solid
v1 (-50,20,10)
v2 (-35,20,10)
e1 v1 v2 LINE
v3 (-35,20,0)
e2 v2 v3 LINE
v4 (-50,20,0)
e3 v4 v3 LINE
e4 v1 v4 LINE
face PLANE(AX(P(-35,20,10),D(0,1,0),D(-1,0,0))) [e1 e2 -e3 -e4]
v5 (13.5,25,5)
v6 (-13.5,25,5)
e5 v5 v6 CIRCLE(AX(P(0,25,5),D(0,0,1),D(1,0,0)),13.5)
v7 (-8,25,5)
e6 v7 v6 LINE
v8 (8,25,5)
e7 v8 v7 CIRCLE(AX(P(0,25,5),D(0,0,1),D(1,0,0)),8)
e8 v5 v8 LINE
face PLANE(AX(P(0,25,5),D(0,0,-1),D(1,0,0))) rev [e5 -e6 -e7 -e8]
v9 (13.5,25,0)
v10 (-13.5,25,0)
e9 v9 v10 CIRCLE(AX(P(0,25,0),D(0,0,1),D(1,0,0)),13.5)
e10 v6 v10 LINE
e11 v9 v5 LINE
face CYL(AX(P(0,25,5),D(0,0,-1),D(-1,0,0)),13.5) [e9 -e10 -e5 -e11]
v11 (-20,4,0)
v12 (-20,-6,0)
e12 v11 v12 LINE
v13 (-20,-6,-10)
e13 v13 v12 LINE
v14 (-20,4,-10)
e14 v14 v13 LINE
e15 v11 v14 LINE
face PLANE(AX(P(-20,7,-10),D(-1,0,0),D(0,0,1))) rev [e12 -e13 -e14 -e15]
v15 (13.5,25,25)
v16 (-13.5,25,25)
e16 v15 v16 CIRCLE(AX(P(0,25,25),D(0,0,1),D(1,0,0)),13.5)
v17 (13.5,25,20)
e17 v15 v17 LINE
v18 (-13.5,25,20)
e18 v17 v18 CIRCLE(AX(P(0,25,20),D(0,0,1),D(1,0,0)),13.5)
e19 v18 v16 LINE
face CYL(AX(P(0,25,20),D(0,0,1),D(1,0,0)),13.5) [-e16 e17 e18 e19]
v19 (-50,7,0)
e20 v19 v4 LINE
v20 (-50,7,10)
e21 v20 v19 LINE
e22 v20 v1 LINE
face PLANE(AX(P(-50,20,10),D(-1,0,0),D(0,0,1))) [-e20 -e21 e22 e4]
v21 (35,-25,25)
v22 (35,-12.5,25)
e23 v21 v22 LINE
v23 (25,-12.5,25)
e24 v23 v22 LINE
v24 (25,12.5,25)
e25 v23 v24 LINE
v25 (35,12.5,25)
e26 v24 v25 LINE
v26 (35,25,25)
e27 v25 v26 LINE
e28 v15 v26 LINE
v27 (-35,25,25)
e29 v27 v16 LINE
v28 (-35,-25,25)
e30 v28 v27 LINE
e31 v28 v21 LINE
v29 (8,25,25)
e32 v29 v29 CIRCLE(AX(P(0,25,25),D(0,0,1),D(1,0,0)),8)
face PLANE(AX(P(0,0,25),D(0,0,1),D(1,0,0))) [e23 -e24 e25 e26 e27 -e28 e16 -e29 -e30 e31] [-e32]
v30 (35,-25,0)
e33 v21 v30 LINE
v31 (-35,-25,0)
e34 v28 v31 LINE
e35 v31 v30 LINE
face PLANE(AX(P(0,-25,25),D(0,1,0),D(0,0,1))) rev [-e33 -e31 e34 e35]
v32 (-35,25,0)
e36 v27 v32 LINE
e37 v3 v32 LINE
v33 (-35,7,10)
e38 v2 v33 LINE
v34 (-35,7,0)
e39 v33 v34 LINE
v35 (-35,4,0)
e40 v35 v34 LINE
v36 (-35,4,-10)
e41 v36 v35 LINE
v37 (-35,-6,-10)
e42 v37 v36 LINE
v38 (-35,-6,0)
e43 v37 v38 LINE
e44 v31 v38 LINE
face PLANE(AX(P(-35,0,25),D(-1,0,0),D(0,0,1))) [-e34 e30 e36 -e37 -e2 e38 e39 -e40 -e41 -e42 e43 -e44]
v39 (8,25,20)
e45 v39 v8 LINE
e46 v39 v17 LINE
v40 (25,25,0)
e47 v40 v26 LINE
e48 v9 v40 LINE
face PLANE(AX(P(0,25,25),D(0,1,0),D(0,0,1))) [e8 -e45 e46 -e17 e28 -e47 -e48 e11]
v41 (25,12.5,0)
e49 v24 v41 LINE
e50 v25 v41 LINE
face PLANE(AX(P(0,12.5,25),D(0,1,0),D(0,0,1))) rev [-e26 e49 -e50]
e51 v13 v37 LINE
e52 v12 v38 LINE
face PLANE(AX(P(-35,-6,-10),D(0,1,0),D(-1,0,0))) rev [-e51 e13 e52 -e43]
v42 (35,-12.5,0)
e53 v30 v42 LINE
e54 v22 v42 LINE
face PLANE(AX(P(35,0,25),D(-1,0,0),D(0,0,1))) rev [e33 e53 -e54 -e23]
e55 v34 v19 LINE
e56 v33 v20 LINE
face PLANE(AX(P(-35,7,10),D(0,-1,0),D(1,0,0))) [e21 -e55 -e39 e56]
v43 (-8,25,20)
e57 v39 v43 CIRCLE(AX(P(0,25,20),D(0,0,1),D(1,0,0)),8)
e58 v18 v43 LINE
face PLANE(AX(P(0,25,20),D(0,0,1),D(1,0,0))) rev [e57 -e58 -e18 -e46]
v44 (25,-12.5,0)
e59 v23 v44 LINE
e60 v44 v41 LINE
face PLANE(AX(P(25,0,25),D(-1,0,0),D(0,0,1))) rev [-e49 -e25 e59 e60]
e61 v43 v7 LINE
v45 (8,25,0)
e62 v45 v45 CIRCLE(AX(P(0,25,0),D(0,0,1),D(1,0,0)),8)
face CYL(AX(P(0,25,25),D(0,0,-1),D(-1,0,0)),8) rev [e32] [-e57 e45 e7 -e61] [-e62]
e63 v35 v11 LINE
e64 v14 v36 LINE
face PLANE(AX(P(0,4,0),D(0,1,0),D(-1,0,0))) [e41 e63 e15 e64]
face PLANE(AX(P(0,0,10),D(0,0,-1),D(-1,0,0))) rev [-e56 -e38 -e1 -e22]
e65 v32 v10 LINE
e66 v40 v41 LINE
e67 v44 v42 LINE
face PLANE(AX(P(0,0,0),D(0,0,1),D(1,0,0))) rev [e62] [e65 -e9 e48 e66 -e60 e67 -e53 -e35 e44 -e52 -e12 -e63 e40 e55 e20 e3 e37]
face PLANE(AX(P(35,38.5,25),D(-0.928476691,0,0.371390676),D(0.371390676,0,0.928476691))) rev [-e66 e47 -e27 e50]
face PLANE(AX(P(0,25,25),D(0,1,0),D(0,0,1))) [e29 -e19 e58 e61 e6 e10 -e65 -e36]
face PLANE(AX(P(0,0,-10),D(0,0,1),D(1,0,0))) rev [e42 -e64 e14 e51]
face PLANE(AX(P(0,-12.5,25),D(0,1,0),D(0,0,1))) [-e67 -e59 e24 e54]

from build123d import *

# Parameters (mm, degrees)
EXTRUDE_1_DEPTH     = 25
EXTRUDE_START       = -5
SKETCH_3_R          = 13.5
SKETCH_3_R_2        = 8
EXTRUDE_2_DEPTH     = 5
CUT_EXTRUDE_1_DEPTH = 58.063561053
SKETCH_5_W          = 10
SKETCH_5_H          = 14
EXTRUDE_3_DEPTH     = 11
SKETCH_6_W          = 15
SKETCH_6_H          = 13
EXTRUDE_4_DEPTH     = 10
SKETCH_7_W          = 10
SKETCH_7_H          = 14
CUT_EXTRUDE_2_DEPTH = 11
SKETCH_8_W          = 15
SKETCH_8_H          = 13
EXTRUDE_5_DEPTH     = 10
SKETCH_9_W          = 15
SKETCH_9_H          = 10
CUT_EXTRUDE_3_DEPTH = 3
EXTRUDE_6_DEPTH     = 25


with BuildPart() as part:
    # Эскиз1 → Бобышка-Вытянуть1 (new body)
    with BuildSketch(Plane.XY):
        with BuildLine():
            Line((-35, 25), (-35, -25))
            Line((-35, -25), (35, -25))
            Line((35, -25), (35, -12.5))
            Line((35, -12.5), (25, -12.5))
            Line((25, -12.5), (25, 12.5))
            Line((25, 12.5), (35, 12.5))
            Line((35, 12.5), (35, 25))
            Line((35, 25), (8, 25))
            ThreePointArc((8, 25), (0, 17), (-8, 25))
            Line((-8, 25), (-35, 25))
        make_face()
        Polygon((4, -19), (-4, -19), (-4, -4), (-4, 4), (0, 4), (0, -4), (4, -4), align=None, mode=Mode.SUBTRACT)
    extrude(amount=EXTRUDE_1_DEPTH)

    # Эскиз3 → Бобышка-Вытянуть2 (add)
    with BuildSketch(Plane.XY.offset(25).offset(EXTRUDE_START)):
        with Locations((0, 25)):
            Circle(SKETCH_3_R)
        with Locations((0, 25)):
            Circle(SKETCH_3_R_2, mode=Mode.SUBTRACT)
    extrude_2 = extrude(amount=EXTRUDE_2_DEPTH)

    # Эскиз4 → Вырез-Вытянуть1 (cut, through all)
    with BuildSketch(Plane.XZ.offset(-12.5)):
        Polygon((35, 25), (25, 0), (35, 0), align=None)
    extrude(amount=-CUT_EXTRUDE_1_DEPTH, mode=Mode.SUBTRACT)

    # Эскиз5 → Бобышка-Вытянуть3 (add)
    with BuildSketch(Plane.XY.offset(25)):
        with Locations((-30, 0)):
            Rectangle(SKETCH_5_W, SKETCH_5_H)
    extrude(amount=EXTRUDE_3_DEPTH)

    # Эскиз6 → Бобышка-Вытянуть4 (add)
    with BuildSketch(Plane(origin=(0, 0, 0), x_dir=(-1, 0, 0), z_dir=(0, 0, -1))):
        with Locations((42.5, 13.5)):
            Rectangle(SKETCH_6_W, SKETCH_6_H)
    extrude(amount=-EXTRUDE_4_DEPTH)

    # Эскиз7 → Вырез-Вытянуть2 (cut)
    with BuildSketch(Plane.XY.offset(36)):
        with Locations((-30, 0)):
            Rectangle(SKETCH_7_W, SKETCH_7_H)
    extrude(amount=-CUT_EXTRUDE_2_DEPTH, mode=Mode.SUBTRACT)

    # Эскиз8 → Бобышка-Вытянуть5 (add)
    with BuildSketch(Plane(origin=(0, 0, 0), x_dir=(-1, 0, 0), z_dir=(0, 0, -1))):
        with Locations((27.5, 0.5)):
            Rectangle(SKETCH_8_W, SKETCH_8_H)
    extrude(amount=EXTRUDE_5_DEPTH)

    # Эскиз9 → Вырез-Вытянуть3 (cut)
    with BuildSketch(Plane(origin=(0, 7, 0), x_dir=(1, 0, 0), z_dir=(0, 1, 0))):
        with Locations((-27.5, 5)):
            Rectangle(SKETCH_9_W, SKETCH_9_H)
    extrude(amount=-CUT_EXTRUDE_3_DEPTH, mode=Mode.SUBTRACT)

    # Эскиз10 → Бобышка-Вытянуть6 (add)
    with BuildSketch(Plane(origin=(0, 0, 0), x_dir=(-1, 0, 0), z_dir=(0, 0, -1))):
        Polygon((4, -19), (4, 4), (0, 4), (0, -4), (-4, -4), (-4, -19), align=None)
    extrude(amount=-EXTRUDE_6_DEPTH)

    # Зеркальное отражение1: Бобышка-Вытянуть2 across plane
    add(extrude_2.mirror(Plane(origin=(0, 0, 12.5), x_dir=(1, 0, 0), z_dir=(0, 0, -1))))


solid = part.part
